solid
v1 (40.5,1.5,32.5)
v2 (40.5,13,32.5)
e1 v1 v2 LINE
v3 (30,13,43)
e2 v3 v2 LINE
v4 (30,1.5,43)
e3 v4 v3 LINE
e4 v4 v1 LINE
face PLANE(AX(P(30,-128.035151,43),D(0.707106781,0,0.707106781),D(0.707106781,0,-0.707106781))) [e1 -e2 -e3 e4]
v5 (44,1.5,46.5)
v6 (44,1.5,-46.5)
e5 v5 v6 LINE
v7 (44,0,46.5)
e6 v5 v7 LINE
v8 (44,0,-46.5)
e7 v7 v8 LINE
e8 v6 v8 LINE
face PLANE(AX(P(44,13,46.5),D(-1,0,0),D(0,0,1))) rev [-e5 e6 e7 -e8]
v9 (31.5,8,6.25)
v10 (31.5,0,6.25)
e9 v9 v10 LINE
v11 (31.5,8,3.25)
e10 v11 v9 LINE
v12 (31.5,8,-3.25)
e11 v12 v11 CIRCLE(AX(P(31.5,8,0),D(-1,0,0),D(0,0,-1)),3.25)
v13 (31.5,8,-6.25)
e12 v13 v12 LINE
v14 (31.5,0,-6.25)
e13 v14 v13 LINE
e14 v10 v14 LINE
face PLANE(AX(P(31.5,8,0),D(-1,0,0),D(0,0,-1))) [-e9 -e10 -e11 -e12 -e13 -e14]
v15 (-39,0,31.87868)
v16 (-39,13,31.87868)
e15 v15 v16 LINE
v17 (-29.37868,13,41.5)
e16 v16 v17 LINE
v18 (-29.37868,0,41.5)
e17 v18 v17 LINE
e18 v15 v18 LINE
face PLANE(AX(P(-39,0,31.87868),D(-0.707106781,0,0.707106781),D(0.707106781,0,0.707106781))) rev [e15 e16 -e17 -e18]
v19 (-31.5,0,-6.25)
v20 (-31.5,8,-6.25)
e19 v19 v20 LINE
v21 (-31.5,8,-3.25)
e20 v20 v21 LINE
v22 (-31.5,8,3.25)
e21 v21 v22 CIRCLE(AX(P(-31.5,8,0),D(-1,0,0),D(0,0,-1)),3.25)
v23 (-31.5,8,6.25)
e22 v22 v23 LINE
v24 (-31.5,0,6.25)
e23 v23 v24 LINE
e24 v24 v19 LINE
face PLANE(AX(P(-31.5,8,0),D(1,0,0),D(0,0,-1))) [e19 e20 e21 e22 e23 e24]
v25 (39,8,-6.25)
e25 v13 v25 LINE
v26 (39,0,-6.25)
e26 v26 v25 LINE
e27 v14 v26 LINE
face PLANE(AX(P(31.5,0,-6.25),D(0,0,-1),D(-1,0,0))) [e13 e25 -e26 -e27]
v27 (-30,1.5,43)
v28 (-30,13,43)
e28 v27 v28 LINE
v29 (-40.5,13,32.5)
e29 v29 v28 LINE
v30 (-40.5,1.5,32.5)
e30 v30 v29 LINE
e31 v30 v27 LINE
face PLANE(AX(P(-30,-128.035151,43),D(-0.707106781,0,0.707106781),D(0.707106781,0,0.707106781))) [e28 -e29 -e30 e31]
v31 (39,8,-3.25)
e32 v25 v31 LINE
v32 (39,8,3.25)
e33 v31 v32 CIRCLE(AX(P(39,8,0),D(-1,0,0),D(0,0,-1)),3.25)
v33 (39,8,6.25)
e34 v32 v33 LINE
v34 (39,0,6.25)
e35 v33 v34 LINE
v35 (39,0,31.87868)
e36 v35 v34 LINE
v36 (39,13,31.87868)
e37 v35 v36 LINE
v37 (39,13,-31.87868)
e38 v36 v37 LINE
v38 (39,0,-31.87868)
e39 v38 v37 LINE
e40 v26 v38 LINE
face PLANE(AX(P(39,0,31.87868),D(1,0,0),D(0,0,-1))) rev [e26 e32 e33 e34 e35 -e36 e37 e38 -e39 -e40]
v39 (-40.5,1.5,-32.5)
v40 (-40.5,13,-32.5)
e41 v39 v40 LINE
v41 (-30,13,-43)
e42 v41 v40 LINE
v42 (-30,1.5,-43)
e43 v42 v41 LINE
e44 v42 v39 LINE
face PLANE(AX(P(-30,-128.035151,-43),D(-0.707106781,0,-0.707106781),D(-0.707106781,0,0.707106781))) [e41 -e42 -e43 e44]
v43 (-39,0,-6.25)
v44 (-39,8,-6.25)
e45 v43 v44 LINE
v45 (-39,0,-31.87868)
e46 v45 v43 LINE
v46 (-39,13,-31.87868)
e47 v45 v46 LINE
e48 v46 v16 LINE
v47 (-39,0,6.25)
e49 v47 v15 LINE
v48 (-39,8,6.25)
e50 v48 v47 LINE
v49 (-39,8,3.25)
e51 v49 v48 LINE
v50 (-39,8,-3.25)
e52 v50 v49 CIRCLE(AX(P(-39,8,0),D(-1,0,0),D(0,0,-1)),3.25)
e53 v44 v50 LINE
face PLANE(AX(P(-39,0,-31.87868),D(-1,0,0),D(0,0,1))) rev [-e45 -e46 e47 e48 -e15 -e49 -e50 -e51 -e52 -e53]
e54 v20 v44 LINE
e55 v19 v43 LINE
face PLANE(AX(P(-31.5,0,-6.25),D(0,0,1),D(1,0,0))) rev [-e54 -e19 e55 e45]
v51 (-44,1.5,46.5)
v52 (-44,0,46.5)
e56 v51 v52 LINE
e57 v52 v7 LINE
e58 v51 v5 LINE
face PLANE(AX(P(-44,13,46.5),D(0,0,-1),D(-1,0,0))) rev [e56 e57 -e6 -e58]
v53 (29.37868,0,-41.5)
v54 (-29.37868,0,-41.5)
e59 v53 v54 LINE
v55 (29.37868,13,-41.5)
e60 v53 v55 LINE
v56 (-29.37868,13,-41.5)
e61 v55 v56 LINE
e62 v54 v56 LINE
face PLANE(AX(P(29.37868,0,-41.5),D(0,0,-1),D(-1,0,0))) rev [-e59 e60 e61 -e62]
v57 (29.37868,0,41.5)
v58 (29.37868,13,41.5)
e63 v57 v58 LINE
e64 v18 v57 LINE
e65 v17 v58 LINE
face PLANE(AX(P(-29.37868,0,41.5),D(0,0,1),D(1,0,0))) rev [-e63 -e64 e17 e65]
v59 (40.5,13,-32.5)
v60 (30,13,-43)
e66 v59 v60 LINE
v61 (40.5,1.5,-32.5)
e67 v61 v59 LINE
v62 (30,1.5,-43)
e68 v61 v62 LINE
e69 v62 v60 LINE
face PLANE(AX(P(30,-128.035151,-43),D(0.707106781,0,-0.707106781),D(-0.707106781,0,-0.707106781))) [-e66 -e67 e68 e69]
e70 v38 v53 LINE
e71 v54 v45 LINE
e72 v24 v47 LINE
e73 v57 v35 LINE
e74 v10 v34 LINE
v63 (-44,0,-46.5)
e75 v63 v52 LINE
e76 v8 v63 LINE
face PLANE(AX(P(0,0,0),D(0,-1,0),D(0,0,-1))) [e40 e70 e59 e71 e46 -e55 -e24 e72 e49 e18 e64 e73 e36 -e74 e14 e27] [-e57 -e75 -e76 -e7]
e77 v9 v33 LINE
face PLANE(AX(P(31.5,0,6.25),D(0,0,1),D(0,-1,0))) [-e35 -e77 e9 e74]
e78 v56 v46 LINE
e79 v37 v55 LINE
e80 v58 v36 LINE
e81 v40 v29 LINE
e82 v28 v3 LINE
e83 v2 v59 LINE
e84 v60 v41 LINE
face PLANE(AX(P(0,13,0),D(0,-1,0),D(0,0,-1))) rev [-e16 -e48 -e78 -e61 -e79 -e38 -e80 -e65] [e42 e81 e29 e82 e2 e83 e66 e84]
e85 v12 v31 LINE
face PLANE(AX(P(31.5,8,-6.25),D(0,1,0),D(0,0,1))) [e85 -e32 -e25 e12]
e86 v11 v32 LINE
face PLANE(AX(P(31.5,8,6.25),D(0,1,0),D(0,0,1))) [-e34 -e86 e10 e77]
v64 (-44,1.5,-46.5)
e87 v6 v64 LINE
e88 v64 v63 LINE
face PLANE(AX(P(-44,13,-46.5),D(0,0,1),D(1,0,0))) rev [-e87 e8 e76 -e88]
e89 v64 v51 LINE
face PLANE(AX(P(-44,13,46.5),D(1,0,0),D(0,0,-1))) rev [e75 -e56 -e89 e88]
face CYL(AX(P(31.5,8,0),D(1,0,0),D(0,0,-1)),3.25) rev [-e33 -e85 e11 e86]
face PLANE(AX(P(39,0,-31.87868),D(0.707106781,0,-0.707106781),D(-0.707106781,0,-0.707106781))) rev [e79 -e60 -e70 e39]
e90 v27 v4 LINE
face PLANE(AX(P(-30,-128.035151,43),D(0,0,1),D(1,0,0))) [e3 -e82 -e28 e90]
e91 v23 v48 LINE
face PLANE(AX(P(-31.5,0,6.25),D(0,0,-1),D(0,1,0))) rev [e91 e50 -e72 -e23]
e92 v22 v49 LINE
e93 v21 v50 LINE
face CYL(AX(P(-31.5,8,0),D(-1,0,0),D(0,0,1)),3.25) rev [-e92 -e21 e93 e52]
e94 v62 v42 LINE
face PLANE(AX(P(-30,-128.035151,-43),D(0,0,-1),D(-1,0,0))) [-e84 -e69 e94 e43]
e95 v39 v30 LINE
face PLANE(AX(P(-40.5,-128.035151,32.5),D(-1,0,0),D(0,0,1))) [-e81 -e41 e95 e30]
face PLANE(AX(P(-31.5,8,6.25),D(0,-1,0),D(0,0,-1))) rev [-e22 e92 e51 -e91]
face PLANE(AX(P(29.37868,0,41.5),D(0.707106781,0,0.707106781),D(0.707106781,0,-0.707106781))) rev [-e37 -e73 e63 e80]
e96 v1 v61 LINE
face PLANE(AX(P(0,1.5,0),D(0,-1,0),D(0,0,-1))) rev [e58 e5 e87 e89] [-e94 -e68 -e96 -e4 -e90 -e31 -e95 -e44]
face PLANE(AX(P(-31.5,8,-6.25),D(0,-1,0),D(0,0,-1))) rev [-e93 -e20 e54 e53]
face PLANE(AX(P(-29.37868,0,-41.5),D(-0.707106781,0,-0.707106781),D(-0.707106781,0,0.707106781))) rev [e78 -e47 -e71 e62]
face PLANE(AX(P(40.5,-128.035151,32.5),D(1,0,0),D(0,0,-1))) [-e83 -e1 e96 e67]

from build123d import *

# Parameters (mm, degrees)
SKETCH1_W           = 88
SKETCH1_H           = 93
BOSS_EXTRUDE1_DEPTH = 13
CUT_EXTRUDE1_DEPTH  = 11.5
CUT_EXTRUDE2_DEPTH  = 66.324191537
BOSS_EXTRUDE2_DEPTH = 7.5


with BuildPart() as part:
    # Sketch1 → Boss-Extrude1 (new body)
    with BuildSketch(Plane(origin=(0, 0, 0), x_dir=(1, 0, 0), z_dir=(0, 1, 0))):
        Rectangle(SKETCH1_W, SKETCH1_H)
    extrude(amount=BOSS_EXTRUDE1_DEPTH)

    # Sketch2 → Cut-Extrude1 (cut)
    with BuildSketch(Plane(origin=(0, 13, 0), x_dir=(1, 0, 0), z_dir=(0, 1, 0))):
        Polygon((-44, -36.5), (-44, -46.5), (-34, -46.5), (34, -46.5), (44, -46.5), (44, -36.5), (44, 36.5), (44, 46.5), (34, 46.5), (-34, 46.5), (-44, 46.5), (-44, 36.5), align=None)
        Polygon((-30, -43), (-40.5, -32.5), (-40.5, 32.5), (-30, 43), (30, 43), (40.5, 32.5), (40.5, -32.5), (30, -43), align=None, mode=Mode.SUBTRACT)
    extrude(amount=-CUT_EXTRUDE1_DEPTH, mode=Mode.SUBTRACT)

    # Sketch3 → Cut-Extrude2 (cut, through all)
    with BuildSketch(Plane(origin=(0, 13, 0), x_dir=(1, 0, 0), z_dir=(0, 1, 0))):
        Polygon((-29.378679656, -41.5), (29.378679656, -41.5), (39, -31.878679656), (39, 31.878679656), (29.378679656, 41.5), (-29.378679656, 41.5), (-39, 31.878679656), (-39, -31.878679656), align=None)
    extrude(amount=-CUT_EXTRUDE2_DEPTH, mode=Mode.SUBTRACT)

    # Sketch5 → Boss-Extrude2 (add)
    with BuildSketch(Plane(origin=(-39, 0, 0), x_dir=(0, 0, -1), z_dir=(1, 0, 0))):
        with BuildLine():
            Line((-6.25, 0), (6.25, 0))
            Line((6.25, 0), (6.25, 8))
            Line((6.25, 8), (3.25, 8))
            ThreePointArc((3.25, 8), (0, 4.75), (-3.25, 8))
            Line((-3.25, 8), (-6.25, 8))
            Line((-6.25, 8), (-6.25, 0))
        make_face()
    boss_extrude2 = extrude(amount=BOSS_EXTRUDE2_DEPTH)

    # Mirror1: Boss-Extrude2 across plane
    add(boss_extrude2.mirror(Plane(origin=(0, 0, 0), x_dir=(0, 0, 1), z_dir=(1, 0, 0))))


solid = part.part
